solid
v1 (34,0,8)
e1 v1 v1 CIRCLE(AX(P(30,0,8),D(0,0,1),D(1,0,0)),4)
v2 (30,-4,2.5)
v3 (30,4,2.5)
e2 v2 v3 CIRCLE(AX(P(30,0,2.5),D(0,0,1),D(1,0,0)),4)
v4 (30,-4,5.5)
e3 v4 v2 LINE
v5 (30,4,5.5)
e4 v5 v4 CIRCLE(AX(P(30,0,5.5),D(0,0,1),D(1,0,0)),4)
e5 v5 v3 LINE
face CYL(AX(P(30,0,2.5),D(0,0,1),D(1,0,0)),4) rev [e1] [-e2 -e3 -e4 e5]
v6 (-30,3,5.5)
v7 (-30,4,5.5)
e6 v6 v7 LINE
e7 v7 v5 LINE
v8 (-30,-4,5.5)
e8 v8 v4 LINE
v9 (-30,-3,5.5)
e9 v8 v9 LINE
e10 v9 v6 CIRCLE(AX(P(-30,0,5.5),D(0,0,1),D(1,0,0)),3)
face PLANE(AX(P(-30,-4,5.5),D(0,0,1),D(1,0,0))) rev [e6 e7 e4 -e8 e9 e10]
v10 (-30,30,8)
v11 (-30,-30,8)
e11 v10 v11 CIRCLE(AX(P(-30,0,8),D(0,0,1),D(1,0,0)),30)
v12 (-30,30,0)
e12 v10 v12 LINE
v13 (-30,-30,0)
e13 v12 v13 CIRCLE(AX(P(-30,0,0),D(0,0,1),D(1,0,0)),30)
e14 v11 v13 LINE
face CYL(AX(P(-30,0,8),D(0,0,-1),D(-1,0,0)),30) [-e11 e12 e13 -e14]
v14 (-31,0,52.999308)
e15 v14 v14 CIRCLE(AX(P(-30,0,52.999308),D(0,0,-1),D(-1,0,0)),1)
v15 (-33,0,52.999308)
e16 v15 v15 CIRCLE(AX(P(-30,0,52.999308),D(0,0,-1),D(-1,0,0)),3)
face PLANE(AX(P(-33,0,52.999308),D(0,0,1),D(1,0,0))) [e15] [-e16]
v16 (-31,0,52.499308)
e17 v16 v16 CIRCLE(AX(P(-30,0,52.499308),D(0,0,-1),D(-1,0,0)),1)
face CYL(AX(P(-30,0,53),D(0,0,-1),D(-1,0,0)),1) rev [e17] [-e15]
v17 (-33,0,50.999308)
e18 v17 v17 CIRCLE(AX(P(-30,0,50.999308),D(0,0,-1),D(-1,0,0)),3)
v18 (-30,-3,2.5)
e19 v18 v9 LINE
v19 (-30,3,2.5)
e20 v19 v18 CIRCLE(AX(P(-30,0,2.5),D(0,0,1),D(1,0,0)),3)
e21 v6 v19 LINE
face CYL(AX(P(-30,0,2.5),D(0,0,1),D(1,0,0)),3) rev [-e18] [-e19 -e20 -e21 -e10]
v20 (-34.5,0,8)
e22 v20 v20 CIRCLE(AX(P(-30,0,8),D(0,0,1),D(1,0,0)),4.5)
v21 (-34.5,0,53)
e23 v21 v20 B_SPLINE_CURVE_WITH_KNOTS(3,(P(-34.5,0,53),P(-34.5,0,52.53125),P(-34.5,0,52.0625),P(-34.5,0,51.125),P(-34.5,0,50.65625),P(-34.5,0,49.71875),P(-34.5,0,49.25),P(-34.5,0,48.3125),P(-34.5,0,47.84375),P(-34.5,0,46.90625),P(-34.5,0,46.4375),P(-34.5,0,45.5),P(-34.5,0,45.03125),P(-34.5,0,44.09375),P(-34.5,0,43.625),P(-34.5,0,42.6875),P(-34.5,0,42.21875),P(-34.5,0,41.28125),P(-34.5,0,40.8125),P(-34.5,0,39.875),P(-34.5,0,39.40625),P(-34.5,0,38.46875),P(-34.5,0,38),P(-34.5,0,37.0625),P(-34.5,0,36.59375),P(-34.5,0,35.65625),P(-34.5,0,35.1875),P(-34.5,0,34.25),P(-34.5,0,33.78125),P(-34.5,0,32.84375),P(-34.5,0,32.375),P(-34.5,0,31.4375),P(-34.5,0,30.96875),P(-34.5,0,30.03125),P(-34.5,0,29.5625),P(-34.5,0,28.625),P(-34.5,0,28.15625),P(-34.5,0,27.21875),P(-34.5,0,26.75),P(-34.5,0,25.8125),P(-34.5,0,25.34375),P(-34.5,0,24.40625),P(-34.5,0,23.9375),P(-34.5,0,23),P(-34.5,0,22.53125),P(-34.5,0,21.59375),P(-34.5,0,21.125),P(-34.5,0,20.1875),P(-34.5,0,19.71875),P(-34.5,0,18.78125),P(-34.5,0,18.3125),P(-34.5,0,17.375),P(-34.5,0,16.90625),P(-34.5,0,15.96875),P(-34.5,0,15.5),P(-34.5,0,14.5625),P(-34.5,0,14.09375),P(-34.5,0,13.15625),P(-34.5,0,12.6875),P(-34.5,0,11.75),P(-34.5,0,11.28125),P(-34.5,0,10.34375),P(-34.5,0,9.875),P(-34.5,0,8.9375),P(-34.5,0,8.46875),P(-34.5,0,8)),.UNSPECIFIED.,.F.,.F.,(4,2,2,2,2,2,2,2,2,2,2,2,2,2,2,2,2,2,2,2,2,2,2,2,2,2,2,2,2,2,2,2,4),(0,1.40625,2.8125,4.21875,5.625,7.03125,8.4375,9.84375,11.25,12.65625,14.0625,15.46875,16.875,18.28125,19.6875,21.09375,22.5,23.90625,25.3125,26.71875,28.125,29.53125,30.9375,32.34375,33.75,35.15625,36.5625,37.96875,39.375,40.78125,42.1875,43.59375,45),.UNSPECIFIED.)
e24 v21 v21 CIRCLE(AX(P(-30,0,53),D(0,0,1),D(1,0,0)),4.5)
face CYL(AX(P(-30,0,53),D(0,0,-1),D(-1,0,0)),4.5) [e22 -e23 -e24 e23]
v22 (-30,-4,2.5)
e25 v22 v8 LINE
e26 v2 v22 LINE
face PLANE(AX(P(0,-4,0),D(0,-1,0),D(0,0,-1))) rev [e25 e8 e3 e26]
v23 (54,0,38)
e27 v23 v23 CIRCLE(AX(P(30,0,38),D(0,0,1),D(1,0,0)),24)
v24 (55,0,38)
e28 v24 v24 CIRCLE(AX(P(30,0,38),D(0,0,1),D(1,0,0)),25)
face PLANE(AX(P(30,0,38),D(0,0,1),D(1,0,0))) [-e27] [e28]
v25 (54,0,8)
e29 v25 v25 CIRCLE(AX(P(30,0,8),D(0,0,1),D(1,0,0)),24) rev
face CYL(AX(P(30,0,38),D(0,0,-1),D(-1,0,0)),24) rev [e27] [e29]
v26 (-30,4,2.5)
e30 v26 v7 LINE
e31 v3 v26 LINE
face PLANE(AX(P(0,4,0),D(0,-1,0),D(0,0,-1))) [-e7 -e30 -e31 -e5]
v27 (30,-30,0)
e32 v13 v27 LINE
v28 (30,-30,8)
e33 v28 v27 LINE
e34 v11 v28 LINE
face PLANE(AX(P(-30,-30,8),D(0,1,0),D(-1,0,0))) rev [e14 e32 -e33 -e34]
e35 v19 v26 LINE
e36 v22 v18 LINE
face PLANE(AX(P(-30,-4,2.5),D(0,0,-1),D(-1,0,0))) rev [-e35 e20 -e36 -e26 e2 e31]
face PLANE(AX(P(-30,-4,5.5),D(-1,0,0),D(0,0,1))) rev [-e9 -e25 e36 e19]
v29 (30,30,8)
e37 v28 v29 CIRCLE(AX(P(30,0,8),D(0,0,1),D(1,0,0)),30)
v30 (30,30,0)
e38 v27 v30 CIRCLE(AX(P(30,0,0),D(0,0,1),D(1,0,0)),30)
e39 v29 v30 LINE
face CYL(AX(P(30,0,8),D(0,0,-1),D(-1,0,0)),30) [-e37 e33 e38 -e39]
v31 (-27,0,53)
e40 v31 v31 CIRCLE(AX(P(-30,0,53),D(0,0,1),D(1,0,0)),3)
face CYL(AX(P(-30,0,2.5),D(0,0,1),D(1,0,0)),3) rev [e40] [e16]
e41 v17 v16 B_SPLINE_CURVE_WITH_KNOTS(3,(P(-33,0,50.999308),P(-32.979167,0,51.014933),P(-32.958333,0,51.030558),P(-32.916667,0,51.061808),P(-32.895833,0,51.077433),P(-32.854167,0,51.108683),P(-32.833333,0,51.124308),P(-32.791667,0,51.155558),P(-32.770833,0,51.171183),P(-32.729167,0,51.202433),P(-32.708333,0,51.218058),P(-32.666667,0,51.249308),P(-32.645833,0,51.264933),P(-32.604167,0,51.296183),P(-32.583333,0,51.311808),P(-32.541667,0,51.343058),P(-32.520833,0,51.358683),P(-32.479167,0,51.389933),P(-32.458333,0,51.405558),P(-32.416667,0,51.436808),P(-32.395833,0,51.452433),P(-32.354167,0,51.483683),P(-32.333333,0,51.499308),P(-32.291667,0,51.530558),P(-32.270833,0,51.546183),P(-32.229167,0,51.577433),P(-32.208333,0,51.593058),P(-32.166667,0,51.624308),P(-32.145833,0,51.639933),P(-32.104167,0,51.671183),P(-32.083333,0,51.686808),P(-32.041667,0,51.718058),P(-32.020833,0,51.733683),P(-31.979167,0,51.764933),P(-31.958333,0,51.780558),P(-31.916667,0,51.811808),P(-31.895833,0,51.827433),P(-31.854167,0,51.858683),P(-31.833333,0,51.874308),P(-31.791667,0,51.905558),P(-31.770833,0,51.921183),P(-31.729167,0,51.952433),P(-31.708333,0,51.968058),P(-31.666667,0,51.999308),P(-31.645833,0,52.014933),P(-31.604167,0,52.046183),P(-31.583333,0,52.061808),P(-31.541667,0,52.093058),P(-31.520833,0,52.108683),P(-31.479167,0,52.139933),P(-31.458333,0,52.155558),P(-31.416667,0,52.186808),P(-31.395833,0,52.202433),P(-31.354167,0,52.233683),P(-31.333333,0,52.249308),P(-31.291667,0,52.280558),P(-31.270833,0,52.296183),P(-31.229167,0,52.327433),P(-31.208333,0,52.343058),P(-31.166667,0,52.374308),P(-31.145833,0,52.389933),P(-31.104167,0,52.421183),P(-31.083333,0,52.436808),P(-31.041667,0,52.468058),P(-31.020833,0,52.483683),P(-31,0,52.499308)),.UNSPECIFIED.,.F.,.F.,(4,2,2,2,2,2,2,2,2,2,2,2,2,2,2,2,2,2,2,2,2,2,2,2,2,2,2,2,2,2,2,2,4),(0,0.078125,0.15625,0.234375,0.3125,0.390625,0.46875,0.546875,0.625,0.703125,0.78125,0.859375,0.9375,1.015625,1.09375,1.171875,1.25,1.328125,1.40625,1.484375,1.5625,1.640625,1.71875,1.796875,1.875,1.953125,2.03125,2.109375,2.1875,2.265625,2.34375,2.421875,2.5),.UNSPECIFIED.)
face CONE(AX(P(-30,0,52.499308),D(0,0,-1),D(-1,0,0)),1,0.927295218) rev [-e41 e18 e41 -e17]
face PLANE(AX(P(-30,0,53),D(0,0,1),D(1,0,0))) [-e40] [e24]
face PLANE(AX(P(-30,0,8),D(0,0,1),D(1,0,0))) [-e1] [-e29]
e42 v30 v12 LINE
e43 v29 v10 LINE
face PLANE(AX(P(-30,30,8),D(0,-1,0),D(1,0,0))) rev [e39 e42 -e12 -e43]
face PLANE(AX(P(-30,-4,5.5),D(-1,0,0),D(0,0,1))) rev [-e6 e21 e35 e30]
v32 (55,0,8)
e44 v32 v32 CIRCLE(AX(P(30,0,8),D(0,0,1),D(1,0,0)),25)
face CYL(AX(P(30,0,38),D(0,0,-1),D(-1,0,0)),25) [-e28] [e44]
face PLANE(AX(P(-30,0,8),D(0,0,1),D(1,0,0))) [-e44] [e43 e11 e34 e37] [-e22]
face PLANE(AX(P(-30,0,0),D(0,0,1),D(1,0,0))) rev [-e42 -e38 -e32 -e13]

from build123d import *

# Parameters (mm, degrees)
BOSS_EXTRUDE1_DEPTH = 8
SKETCH2_W           = 60
SKETCH2_H           = 3
CUT_EXTRUDE1_DEPTH  = 4
SKETCH3_R           = 4
SKETCH3_R_2         = 3
CUT_EXTRUDE3_DEPTH  = 5.5
BOSS_EXTRUDE3_START = 45
SKETCH4_R           = 4.5
SKETCH4_R_2         = 3
BOSS_EXTRUDE3_DEPTH = 45
SKETCH6_R           = 25
SKETCH6_R_2         = 24
BOSS_EXTRUDE4_DEPTH = 30


with BuildPart() as part:
    # Sketch1 → Boss-Extrude1 (new body)
    with BuildSketch(Plane.XY):
        with BuildLine():
            Line((-30, 30), (30, 30))
            ThreePointArc((30, 30), (60, 0), (30, -30))
            Line((30, -30), (-30, -30))
            ThreePointArc((-30, -30), (-60, 0), (-30, 30))
        make_face()
    extrude(amount=BOSS_EXTRUDE1_DEPTH)

    # Sketch2 → Cut-Extrude1 (cut, symmetric)
    with BuildSketch(Plane(origin=(0, 0, 0), x_dir=(1, 0, 0), z_dir=(0, 1, 0))):
        with Locations((0, -4)):
            Rectangle(SKETCH2_W, SKETCH2_H)
    extrude(amount=CUT_EXTRUDE1_DEPTH, both=True, mode=Mode.SUBTRACT)

    # Sketch3 → Cut-Extrude3 (cut)
    with BuildSketch(Plane.XY.offset(8)):
        with Locations((30, 0)):
            Circle(SKETCH3_R)
        with Locations((-30, 0)):
            Circle(SKETCH3_R_2)
    extrude(amount=-CUT_EXTRUDE3_DEPTH, mode=Mode.SUBTRACT)

    # Sketch4 → Boss-Extrude3 (add)
    with BuildSketch(Plane.XY.offset(8).offset(BOSS_EXTRUDE3_START)):
        with Locations(Location((-30, 0, 0), (0, 0, 180))):
            Circle(SKETCH4_R)
        with Locations((-30, 0)):
            Circle(SKETCH4_R_2, mode=Mode.SUBTRACT)
    extrude(amount=-BOSS_EXTRUDE3_DEPTH)

    # Sketch5 → Revolve1 (revolve)
    with BuildSketch(Plane(origin=(0, 0, 0), x_dir=(1, 0, 0), z_dir=(0, 1, 0)), mode=Mode.PRIVATE) as revolve1_sk:
        Polygon((-33, -52.999308425), (-33, -50.999308425), (-31, -52.499308425), (-31, -52.999308425), align=None)
    revolve(revolve1_sk.sketch.rotate(Axis((-30, 0, 53), (0, 0, 1)), 90), axis=Axis((-30, 0, 53), (0, 0, 1)))

    # Sketch6 → Boss-Extrude4 (add)
    with BuildSketch(Plane.XY.offset(8)):
        with Locations((30, 0)):
            Circle(SKETCH6_R)
        with Locations((30, 0)):
            Circle(SKETCH6_R_2, mode=Mode.SUBTRACT)
    extrude(amount=BOSS_EXTRUDE4_DEPTH)


solid = part.part
